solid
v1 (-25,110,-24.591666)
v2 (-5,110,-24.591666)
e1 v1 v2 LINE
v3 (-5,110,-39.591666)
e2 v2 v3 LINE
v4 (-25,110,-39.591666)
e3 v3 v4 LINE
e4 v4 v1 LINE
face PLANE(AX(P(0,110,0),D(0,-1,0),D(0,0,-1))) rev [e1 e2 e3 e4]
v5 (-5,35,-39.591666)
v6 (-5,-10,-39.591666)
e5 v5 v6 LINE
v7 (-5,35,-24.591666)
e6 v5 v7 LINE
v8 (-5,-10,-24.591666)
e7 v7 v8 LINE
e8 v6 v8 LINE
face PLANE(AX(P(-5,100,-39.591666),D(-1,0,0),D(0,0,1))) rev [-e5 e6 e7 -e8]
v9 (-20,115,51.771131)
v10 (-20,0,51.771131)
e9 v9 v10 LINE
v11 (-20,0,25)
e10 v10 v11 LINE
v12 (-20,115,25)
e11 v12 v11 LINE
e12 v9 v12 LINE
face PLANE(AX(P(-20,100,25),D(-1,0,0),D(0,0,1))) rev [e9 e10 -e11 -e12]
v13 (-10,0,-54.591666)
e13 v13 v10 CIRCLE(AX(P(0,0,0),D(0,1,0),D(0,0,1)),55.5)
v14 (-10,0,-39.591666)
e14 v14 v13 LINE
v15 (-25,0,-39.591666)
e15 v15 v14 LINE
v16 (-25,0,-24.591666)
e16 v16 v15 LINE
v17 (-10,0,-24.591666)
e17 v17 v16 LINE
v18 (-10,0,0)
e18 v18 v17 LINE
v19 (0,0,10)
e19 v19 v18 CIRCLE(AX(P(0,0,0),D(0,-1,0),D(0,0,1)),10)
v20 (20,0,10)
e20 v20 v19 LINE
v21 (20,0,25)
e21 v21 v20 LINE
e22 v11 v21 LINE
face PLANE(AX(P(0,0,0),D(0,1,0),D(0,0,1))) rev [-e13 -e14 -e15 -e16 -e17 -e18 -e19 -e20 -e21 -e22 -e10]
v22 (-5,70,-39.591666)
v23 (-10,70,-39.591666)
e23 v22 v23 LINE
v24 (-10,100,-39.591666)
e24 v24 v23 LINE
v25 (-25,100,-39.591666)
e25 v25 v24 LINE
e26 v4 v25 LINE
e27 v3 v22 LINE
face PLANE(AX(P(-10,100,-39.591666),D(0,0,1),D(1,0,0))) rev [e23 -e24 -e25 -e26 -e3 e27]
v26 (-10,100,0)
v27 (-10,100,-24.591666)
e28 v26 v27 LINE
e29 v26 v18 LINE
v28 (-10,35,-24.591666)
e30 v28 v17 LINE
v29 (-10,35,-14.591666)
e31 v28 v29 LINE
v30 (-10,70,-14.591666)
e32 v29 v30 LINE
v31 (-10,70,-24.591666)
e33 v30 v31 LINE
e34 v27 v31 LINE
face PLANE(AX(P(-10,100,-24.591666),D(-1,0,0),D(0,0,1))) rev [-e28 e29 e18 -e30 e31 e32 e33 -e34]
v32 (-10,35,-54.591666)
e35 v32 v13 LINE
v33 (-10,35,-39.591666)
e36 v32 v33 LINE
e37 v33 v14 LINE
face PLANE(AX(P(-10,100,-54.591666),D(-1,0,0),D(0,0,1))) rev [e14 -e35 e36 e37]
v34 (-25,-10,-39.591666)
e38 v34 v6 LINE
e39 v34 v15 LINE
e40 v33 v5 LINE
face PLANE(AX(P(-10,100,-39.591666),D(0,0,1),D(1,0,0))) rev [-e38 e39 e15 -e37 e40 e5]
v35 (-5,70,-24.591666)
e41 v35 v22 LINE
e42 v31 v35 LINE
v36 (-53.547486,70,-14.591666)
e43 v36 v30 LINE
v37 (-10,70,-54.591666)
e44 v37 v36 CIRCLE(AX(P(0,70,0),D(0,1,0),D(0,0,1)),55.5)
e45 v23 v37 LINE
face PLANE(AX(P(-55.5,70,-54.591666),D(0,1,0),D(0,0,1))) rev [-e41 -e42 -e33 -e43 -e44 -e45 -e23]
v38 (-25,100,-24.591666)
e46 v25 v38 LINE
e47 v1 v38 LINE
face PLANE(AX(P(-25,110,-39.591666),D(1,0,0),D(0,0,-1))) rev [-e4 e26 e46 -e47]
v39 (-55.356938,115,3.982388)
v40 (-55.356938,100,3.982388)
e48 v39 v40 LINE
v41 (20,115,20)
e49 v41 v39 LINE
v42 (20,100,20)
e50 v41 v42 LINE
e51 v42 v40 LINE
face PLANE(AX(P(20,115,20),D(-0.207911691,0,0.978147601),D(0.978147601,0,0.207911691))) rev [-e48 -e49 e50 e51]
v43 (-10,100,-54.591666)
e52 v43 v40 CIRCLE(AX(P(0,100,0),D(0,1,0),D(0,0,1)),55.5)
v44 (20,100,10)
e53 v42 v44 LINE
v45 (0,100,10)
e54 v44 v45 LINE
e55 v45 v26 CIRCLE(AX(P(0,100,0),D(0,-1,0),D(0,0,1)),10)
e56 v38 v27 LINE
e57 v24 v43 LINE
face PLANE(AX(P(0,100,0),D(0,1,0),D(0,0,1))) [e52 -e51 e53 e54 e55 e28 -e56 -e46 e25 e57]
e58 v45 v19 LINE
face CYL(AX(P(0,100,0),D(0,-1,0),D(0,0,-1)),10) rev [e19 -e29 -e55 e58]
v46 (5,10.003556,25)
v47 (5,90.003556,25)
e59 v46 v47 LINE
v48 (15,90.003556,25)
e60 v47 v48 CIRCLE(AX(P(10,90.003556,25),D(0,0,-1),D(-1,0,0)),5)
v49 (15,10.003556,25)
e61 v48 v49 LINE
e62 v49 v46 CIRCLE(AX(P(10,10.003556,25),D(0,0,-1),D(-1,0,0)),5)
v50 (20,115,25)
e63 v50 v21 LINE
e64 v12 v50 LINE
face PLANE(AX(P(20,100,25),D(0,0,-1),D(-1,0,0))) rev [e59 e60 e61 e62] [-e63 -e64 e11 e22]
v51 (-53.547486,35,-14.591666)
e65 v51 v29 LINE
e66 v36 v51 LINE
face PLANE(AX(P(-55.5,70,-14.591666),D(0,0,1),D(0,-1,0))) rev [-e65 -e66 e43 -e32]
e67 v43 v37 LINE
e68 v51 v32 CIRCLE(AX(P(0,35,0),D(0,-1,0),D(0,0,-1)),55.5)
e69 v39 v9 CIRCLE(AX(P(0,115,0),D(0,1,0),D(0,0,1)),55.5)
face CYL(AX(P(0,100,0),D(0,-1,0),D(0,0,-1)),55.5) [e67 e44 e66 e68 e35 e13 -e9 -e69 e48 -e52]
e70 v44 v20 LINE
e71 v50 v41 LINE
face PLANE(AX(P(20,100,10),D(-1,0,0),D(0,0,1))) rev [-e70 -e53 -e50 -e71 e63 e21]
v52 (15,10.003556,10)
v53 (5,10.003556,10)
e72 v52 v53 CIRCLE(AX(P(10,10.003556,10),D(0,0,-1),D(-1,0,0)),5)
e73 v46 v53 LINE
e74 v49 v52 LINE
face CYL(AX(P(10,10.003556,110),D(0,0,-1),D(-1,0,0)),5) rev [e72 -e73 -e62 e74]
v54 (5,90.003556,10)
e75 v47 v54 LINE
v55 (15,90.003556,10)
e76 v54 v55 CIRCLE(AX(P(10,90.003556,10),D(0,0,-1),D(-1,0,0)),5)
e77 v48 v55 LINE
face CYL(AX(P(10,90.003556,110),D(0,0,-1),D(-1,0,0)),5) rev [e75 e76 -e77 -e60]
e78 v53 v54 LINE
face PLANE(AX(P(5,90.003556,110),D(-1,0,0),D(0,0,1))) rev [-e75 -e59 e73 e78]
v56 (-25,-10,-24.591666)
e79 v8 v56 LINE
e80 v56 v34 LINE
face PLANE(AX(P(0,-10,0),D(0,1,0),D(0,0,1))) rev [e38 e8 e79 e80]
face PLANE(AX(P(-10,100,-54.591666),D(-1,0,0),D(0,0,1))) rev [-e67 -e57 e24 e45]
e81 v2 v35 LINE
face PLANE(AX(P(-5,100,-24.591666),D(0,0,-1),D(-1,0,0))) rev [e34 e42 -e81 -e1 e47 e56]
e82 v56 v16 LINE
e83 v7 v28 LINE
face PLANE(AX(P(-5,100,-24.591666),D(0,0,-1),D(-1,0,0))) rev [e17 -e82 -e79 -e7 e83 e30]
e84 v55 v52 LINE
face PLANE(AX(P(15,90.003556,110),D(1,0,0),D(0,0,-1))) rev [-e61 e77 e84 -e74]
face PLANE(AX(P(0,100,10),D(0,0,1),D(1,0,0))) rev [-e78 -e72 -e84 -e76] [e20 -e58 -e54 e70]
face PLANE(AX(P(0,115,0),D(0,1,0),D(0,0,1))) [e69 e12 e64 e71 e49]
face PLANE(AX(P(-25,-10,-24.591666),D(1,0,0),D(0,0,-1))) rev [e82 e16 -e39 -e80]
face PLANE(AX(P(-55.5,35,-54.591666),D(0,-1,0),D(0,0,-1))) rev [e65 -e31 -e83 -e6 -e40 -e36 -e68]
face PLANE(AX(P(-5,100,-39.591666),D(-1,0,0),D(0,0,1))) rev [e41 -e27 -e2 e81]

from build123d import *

# Parameters (mm, degrees)
BOSS_EXTRUDE1_DEPTH = 100
CUT_EXTRUDE1_DEPTH  = 100
BOSS_EXTRUDE2_DEPTH = 15
SKETCH4_W           = 40
SKETCH4_H           = 35
CUT_EXTRUDE2_DEPTH  = 137.950721064
SKETCH5_W           = 20
SKETCH5_H           = 15
BOSS_EXTRUDE3_DEPTH = 10
SKETCH6_W           = 20
SKETCH6_H           = 15
BOSS_EXTRUDE4_DEPTH = 10


with BuildPart() as part:
    # Sketch1 → Boss-Extrude1 (new body)
    with BuildSketch(Plane(origin=(0, 0, 0), x_dir=(1, 0, 0), z_dir=(0, 1, 0))):
        with BuildLine():
            Line((-10, 54.591666031), (-10, 39.591666031))
            Line((-10, 39.591666031), (-5, 39.591666031))
            Line((-5, 39.591666031), (-5, 24.591666031))
            Line((-5, 24.591666031), (-10, 24.591666031))
            Line((-10, 24.591666031), (-10, 0))
            ThreePointArc((-10, 0), (-7.071067812, -7.071067812), (0, -10))
            Line((0, -10), (20, -10))
            Line((20, -10), (20, -25))
            Line((20, -25), (-20, -25))
            Line((-20, -25), (-20, -51.771130952))
            ThreePointArc((-20, -51.771130952), (-55.256322222, 5.195079839), (-10, 54.591666031))
        make_face()
    extrude(amount=BOSS_EXTRUDE1_DEPTH)

    # Sketch2 → Cut-Extrude1 (cut)
    with BuildSketch(Plane(origin=(0, 0, 10), x_dir=(-1, 0, 0), z_dir=(0, 0, -1))):
        with BuildLine():
            Line((-5, 90.003555636), (-5, 10.003555636))
            ThreePointArc((-5, 10.003555636), (-10, 5.003555636), (-15, 10.003555636))
            Line((-15, 10.003555636), (-15, 90.003555636))
            ThreePointArc((-15, 90.003555636), (-10, 95.003555636), (-5, 90.003555636))
        make_face()
    extrude(amount=-CUT_EXTRUDE1_DEPTH, mode=Mode.SUBTRACT)

    # Sketch3 → Boss-Extrude2 (add)
    with BuildSketch(Plane(origin=(0, 100, 0), x_dir=(1, 0, 0), z_dir=(0, 1, 0))):
        with BuildLine():
            Line((20, -25), (20, -20))
            Line((20, -20), (-55.356937984, -3.982388364))
            ThreePointArc((-55.356937984, -3.982388364), (-44.616230288, -33.009725763), (-20, -51.771130952))
            Line((-20, -51.771130952), (-20, -25))
            Line((-20, -25), (20, -25))
        make_face()
    extrude(amount=BOSS_EXTRUDE2_DEPTH)

    # Sketch4 → Cut-Extrude2 (cut, through all)
    with BuildSketch(Plane(origin=(-5, 0, 0), x_dir=(0, 0, -1), z_dir=(1, 0, 0))):
        with Locations((34.591666031, 52.5)):
            Rectangle(SKETCH4_W, SKETCH4_H)
    extrude(amount=-CUT_EXTRUDE2_DEPTH, mode=Mode.SUBTRACT)

    # Sketch5 → Boss-Extrude3 (add)
    with BuildSketch(Plane(origin=(0, 100, 0), x_dir=(1, 0, 0), z_dir=(0, 1, 0))):
        with Locations((-15, 32.091666031)):
            Rectangle(SKETCH5_W, SKETCH5_H)
    extrude(amount=BOSS_EXTRUDE3_DEPTH)

    # Sketch6 → Boss-Extrude4 (add)
    with BuildSketch(Plane.XZ):
        with Locations((-15, -32.091666031)):
            Rectangle(SKETCH6_W, SKETCH6_H)
    extrude(amount=BOSS_EXTRUDE4_DEPTH)


solid = part.part
